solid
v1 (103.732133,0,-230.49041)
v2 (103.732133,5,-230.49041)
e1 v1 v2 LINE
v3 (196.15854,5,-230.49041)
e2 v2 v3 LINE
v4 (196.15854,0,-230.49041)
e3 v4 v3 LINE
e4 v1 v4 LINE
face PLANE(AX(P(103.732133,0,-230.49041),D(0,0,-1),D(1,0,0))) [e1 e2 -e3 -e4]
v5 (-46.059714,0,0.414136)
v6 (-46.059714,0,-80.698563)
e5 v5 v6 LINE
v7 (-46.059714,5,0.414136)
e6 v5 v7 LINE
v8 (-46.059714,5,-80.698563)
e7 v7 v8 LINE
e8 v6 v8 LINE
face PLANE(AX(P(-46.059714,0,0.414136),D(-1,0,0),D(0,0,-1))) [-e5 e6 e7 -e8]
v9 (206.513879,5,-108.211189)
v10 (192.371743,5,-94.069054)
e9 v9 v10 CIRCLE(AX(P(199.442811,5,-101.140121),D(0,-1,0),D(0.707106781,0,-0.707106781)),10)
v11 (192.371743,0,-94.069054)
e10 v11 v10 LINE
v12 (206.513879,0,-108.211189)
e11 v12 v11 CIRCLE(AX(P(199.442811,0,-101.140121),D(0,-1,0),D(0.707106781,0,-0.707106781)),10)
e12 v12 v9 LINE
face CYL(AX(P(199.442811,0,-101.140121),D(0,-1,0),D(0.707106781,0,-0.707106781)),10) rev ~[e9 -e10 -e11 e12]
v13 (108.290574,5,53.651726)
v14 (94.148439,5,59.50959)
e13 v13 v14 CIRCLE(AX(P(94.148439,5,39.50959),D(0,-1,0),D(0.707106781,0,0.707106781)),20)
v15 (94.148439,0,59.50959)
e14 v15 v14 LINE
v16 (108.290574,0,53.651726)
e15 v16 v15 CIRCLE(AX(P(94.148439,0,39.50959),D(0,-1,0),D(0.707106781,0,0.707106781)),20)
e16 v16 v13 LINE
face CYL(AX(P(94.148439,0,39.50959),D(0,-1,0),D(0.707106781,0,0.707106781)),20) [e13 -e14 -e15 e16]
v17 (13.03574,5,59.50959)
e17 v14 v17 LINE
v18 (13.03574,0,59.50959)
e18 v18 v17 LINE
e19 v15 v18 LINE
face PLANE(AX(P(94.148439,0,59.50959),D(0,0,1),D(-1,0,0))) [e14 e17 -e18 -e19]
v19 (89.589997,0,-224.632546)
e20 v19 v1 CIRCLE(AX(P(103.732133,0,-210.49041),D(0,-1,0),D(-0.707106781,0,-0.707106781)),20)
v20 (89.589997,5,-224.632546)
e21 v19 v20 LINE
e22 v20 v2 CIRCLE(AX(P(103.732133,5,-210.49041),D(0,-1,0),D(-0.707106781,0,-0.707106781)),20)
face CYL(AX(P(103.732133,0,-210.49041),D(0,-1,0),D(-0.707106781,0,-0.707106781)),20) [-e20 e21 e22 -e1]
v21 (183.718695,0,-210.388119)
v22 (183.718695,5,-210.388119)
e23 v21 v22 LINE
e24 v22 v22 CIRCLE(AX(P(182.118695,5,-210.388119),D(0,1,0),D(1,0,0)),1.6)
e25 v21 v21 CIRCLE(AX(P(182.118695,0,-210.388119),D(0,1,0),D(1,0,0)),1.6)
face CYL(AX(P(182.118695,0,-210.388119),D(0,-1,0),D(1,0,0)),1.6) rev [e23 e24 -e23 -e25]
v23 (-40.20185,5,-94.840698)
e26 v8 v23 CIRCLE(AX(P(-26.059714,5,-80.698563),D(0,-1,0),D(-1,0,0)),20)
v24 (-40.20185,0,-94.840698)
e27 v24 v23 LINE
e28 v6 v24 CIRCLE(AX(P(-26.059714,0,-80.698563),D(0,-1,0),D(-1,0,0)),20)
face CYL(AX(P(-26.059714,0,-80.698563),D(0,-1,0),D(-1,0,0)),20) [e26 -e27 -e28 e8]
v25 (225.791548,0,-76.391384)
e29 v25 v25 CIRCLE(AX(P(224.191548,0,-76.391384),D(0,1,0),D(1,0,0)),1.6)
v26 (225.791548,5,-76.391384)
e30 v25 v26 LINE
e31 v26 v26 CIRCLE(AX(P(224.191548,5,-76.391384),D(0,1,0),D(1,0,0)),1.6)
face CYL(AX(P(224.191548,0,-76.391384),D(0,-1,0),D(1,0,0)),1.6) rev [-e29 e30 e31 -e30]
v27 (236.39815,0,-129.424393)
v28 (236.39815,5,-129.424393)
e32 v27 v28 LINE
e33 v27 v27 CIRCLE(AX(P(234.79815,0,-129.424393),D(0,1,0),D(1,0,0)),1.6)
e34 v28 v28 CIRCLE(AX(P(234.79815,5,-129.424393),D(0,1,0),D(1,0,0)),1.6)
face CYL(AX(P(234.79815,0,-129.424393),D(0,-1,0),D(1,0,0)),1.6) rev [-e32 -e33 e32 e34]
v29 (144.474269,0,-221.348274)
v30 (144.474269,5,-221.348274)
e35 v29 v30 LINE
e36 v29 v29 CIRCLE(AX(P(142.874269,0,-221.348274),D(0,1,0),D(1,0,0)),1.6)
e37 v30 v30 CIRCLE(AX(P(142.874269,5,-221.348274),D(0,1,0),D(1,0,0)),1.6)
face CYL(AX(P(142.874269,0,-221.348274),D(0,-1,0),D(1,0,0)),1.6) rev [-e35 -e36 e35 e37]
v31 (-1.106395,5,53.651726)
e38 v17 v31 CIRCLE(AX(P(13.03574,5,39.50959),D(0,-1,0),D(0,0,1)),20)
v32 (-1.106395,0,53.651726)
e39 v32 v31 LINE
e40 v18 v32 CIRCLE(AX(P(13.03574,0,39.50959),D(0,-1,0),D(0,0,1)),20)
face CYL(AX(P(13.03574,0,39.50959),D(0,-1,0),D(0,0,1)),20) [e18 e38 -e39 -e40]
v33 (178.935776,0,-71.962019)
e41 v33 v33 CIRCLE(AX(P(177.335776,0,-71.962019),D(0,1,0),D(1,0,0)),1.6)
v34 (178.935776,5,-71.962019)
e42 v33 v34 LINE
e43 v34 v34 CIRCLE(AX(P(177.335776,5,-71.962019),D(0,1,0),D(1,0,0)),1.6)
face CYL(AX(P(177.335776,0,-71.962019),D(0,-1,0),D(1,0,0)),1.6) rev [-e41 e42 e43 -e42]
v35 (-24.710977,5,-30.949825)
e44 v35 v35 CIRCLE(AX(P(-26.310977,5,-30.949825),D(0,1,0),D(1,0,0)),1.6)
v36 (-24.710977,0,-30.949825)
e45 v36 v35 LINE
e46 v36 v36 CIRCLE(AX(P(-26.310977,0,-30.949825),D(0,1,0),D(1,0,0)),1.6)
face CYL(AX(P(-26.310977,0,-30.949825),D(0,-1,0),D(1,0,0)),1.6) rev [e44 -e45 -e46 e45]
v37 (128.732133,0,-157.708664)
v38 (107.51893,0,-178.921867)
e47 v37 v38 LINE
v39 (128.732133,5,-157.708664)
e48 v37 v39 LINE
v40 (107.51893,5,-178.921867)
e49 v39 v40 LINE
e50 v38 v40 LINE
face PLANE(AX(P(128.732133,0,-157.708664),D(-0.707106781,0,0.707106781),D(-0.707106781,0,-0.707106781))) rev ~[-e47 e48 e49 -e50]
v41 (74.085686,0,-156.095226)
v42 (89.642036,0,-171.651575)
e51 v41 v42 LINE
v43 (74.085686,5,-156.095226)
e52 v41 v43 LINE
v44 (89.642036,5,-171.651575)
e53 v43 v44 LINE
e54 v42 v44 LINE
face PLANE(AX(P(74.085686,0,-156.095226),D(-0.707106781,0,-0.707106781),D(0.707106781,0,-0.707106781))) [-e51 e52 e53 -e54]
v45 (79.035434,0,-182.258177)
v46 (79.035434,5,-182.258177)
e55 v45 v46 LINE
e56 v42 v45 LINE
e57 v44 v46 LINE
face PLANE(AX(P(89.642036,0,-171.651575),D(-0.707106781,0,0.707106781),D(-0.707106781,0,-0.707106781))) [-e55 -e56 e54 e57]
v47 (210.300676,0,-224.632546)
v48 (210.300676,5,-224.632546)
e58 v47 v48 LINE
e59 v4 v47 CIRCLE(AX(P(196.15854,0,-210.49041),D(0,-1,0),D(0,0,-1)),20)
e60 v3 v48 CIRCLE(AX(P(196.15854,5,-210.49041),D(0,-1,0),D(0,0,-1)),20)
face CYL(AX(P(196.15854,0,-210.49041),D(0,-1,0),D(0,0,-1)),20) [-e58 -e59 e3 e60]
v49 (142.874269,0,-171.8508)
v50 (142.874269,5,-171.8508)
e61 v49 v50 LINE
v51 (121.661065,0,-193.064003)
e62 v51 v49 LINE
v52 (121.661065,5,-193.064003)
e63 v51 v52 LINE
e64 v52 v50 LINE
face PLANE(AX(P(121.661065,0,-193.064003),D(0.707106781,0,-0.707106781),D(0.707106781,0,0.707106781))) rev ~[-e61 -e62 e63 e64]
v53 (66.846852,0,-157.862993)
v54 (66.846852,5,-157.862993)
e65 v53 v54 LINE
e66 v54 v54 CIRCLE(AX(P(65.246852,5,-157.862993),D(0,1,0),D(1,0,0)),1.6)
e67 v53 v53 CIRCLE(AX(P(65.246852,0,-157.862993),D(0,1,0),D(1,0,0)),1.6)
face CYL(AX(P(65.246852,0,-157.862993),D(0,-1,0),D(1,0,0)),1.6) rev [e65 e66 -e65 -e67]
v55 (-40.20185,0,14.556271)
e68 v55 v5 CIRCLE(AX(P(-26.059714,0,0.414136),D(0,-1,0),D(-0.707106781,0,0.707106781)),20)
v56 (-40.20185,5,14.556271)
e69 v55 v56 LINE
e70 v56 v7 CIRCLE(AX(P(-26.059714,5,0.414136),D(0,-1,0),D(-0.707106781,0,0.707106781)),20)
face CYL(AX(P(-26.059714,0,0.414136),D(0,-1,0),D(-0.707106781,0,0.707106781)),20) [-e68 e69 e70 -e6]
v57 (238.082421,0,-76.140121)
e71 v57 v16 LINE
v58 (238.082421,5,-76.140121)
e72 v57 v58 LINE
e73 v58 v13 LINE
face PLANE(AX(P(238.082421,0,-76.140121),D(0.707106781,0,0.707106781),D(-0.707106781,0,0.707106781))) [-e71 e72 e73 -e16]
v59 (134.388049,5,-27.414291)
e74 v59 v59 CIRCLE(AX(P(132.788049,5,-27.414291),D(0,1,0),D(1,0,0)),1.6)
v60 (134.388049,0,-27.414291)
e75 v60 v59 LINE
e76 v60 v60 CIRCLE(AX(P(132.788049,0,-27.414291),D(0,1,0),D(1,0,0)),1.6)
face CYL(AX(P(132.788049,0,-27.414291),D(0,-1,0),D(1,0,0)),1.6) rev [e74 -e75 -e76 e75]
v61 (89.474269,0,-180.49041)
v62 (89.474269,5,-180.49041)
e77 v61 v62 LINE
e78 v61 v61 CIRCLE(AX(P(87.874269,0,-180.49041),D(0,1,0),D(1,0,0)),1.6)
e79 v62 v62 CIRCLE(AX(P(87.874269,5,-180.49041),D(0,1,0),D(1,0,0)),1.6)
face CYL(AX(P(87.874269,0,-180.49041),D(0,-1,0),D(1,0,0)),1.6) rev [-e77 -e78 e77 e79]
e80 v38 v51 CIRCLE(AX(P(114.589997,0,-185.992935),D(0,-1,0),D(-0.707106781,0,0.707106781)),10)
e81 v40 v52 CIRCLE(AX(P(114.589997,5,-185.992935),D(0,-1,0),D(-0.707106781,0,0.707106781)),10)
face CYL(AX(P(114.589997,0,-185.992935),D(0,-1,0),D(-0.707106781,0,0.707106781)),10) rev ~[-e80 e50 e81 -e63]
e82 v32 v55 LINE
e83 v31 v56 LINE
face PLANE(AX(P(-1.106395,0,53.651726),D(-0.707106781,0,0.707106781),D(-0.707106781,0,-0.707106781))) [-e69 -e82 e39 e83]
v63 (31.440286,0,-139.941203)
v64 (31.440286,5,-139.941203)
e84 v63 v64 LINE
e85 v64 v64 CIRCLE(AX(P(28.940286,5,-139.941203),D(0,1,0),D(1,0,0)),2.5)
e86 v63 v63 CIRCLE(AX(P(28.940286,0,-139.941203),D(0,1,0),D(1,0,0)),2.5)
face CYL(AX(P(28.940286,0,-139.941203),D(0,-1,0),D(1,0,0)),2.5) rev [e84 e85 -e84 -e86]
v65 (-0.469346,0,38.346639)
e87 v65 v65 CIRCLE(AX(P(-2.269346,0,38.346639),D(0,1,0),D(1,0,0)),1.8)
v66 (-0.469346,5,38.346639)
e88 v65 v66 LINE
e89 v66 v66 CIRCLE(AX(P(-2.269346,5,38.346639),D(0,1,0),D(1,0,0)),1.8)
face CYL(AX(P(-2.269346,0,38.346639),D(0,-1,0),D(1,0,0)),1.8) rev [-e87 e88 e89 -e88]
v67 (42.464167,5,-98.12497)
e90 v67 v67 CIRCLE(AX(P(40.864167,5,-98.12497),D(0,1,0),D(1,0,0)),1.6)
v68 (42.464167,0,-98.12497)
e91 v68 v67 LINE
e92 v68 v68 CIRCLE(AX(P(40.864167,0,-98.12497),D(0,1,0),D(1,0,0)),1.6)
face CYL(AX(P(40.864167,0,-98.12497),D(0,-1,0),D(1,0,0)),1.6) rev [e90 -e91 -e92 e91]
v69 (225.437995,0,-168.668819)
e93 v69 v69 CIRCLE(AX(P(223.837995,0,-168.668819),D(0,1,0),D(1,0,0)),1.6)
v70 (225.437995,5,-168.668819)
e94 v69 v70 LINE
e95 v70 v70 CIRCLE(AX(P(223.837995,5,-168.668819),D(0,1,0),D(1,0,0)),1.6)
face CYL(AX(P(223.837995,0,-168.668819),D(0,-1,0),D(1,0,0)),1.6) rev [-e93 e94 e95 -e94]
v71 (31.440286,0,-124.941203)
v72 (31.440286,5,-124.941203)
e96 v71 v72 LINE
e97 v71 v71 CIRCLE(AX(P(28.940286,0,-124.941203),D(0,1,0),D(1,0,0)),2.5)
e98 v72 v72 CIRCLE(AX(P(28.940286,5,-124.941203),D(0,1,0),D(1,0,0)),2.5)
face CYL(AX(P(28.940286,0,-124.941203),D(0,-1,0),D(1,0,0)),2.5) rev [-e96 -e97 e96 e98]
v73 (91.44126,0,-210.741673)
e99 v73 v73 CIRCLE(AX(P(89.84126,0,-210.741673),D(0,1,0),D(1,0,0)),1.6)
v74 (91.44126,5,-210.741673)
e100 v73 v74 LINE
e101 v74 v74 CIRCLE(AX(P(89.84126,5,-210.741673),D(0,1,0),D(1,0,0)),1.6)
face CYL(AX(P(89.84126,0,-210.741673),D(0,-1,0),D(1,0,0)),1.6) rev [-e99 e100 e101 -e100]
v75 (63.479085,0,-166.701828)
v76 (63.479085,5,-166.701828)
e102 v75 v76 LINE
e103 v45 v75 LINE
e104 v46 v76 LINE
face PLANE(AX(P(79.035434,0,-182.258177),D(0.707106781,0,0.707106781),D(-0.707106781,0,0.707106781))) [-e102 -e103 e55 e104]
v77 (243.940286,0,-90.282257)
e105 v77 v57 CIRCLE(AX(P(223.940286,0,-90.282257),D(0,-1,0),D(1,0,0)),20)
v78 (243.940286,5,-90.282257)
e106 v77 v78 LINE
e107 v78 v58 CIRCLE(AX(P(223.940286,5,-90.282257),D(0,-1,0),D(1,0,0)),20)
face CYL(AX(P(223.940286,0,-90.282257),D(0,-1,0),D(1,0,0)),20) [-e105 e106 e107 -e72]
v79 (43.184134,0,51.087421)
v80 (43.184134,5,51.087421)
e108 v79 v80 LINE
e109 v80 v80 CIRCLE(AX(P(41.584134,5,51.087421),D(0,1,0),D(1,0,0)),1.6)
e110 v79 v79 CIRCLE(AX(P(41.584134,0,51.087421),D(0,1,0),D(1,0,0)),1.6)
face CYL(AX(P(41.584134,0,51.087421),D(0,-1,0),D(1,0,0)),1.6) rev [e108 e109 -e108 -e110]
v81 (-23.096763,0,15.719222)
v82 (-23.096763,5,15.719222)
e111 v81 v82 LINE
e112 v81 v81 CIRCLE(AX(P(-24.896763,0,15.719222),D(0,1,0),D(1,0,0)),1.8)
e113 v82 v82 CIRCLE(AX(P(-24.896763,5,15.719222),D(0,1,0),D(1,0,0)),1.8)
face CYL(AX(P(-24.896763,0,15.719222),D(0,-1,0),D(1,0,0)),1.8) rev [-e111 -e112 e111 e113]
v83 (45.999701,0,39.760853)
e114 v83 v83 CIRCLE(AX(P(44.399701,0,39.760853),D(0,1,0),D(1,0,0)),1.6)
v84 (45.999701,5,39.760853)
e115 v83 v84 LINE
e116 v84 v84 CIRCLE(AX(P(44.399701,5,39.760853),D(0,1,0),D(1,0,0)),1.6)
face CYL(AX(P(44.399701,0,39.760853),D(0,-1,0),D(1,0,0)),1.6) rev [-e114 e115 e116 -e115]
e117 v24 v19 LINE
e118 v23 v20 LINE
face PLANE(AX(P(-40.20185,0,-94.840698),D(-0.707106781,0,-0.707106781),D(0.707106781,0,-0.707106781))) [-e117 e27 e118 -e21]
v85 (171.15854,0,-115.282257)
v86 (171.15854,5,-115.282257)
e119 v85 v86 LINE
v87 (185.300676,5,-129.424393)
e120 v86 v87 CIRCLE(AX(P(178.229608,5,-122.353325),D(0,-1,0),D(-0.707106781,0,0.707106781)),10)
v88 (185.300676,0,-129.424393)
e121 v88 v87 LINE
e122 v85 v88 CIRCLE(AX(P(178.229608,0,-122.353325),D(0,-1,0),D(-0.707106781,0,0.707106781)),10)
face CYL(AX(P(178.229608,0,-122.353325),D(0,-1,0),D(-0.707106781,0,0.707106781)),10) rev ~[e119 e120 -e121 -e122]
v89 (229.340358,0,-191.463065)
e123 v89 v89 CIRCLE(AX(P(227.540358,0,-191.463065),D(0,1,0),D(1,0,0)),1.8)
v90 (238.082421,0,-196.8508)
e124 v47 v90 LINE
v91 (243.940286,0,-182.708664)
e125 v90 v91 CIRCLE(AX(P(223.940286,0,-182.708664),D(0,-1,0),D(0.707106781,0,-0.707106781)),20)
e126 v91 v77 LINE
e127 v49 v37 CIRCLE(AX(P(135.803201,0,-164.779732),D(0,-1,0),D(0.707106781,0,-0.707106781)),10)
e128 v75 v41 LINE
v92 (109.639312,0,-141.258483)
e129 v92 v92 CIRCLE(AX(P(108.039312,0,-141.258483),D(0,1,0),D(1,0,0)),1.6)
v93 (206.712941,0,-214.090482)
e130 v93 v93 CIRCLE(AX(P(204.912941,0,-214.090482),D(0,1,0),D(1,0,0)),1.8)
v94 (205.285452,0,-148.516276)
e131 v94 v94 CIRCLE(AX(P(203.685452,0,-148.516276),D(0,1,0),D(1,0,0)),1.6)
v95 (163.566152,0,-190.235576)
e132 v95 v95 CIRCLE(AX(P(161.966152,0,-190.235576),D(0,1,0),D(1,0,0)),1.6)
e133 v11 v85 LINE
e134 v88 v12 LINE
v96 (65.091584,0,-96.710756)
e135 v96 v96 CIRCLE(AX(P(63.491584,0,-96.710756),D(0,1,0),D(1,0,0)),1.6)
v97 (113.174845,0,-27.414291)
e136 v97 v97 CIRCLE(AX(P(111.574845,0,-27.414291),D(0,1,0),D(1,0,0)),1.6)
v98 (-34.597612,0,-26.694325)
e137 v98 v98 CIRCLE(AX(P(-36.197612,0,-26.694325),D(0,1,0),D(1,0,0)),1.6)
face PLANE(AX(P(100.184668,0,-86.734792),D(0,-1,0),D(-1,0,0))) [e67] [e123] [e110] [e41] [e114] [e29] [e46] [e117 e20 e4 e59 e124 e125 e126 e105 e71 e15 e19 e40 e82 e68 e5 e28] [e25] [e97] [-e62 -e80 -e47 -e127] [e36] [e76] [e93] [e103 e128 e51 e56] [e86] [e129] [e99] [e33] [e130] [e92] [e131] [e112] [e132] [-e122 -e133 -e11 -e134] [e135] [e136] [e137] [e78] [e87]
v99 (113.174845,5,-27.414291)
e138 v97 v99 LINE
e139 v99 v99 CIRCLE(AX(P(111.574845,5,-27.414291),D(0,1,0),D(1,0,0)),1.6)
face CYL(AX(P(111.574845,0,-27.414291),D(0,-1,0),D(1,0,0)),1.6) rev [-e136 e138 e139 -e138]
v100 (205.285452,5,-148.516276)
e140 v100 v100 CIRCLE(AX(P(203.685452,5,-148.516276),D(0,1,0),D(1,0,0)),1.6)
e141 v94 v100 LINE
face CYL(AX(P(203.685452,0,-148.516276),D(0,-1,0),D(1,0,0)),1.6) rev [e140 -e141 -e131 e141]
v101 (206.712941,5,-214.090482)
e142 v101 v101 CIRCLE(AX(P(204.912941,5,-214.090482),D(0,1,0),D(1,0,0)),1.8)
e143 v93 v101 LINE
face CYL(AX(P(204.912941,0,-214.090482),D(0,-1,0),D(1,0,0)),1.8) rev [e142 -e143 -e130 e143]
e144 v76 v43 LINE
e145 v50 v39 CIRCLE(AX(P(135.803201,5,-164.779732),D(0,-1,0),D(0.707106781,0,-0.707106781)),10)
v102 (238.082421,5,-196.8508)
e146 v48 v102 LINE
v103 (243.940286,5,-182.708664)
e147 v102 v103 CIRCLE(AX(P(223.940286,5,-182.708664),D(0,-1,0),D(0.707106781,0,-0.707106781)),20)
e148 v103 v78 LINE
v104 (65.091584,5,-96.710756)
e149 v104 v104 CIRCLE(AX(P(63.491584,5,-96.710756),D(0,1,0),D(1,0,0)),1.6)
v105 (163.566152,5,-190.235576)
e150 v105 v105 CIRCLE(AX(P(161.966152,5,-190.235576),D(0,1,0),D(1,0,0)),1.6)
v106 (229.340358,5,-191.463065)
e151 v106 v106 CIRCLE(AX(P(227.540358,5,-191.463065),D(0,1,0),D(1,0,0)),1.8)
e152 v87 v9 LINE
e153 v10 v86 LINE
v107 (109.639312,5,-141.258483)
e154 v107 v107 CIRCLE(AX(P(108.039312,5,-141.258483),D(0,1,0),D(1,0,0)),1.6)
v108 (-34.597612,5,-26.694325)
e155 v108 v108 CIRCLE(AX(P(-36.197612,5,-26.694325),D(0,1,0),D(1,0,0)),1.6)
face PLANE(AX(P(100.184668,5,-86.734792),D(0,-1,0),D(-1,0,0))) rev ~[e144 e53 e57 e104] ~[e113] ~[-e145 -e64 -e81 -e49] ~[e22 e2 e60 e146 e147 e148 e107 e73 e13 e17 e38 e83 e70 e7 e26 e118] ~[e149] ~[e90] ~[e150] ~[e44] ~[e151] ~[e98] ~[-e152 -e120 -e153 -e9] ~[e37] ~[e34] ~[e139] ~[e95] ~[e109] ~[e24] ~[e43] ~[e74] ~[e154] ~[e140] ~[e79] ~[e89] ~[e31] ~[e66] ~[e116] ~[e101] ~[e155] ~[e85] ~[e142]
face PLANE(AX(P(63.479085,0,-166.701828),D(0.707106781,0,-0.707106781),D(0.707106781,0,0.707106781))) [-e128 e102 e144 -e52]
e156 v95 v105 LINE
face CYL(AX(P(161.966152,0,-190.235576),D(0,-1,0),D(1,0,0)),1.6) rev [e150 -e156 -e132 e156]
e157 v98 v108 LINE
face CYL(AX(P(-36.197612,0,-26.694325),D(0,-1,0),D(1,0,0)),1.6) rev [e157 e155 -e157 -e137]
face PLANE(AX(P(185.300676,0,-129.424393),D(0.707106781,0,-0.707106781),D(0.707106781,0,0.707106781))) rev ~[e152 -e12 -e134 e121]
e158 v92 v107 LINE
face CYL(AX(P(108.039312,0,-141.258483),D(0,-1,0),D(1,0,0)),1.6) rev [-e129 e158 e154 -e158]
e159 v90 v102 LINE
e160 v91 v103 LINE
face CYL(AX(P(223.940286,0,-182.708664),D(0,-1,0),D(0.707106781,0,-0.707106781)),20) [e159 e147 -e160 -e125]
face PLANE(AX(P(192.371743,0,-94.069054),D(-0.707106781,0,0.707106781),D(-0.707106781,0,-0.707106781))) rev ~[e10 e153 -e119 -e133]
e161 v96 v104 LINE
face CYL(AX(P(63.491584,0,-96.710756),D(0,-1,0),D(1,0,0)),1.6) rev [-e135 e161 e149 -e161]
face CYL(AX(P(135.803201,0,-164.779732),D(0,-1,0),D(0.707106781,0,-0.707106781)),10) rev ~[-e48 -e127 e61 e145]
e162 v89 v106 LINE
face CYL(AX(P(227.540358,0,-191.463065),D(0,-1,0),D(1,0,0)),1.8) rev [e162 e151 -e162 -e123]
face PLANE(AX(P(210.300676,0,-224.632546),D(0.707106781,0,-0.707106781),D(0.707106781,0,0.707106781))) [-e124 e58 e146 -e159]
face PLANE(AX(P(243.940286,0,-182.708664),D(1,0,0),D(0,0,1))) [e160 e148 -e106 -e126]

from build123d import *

# Parameters (mm, degrees)
SKETCH1_R           = 1.8
SKETCH1_R_2         = 1.6
SKETCH1_R_3         = 2.5
BOSS_EXTRUDE1_DEPTH = 5


with BuildPart() as part:
    # Sketch1 → Boss-Extrude1 (new body)
    with BuildSketch(Plane(origin=(0, 0, 0), x_dir=(1, 0, 0), z_dir=(0, 1, 0))):
        with BuildLine():
            Line((-40.201849804, 94.840698314), (89.589997394, 224.632545513))
            ThreePointArc((89.589997394, 224.632545513), (96.07846437, 228.968000539), (103.732133018, 230.490409889))
            Line((103.732133018, 230.490409889), (196.158539889, 230.490409889))
            ThreePointArc((196.158539889, 230.490409889), (203.812208536, 228.968000539), (210.300675513, 224.632545513))
            Line((210.300675513, 224.632545513), (238.082421443, 196.850799582))
            ThreePointArc((238.082421443, 196.850799582), (242.41787647, 190.362332606), (243.940285819, 182.708663958))
            Line((243.940285819, 182.708663958), (243.940285819, 90.282257087))
            ThreePointArc((243.940285819, 90.282257087), (242.41787647, 82.62858844), (238.082421443, 76.140121463))
            Line((238.082421443, 76.140121463), (108.290574245, -53.651725735))
            ThreePointArc((108.290574245, -53.651725735), (101.802107268, -57.987180761), (94.148438621, -59.509590111))
            Line((94.148438621, -59.509590111), (13.035740249, -59.509590111))
            ThreePointArc((13.035740249, -59.509590111), (5.382071602, -57.987180761), (-1.106395375, -53.651725735))
            Line((-1.106395375, -53.651725735), (-40.201849804, -14.556271305))
            ThreePointArc((-40.201849804, -14.556271305), (-44.537304831, -8.067804329), (-46.059714181, -0.414135682))
            Line((-46.059714181, -0.414135682), (-46.059714181, 80.698562691))
            ThreePointArc((-46.059714181, 80.698562691), (-44.537304831, 88.352231338), (-40.201849804, 94.840698314))
        make_face()
        with Locations((-24.896763277, -15.719222209)):
            Circle(SKETCH1_R, mode=Mode.SUBTRACT)
        with Locations((-2.269346279, -38.346639207)):
            Circle(SKETCH1_R, mode=Mode.SUBTRACT)
        with Locations((204.912940609, 214.090481676)):
            Circle(SKETCH1_R, mode=Mode.SUBTRACT)
        with Locations((227.540357607, 191.463064678)):
            Circle(SKETCH1_R, mode=Mode.SUBTRACT)
        with Locations((-26.310976839, 30.949825349)):
            Circle(SKETCH1_R_2, mode=Mode.SUBTRACT)
        with Locations((44.39970128, -39.76085277)):
            Circle(SKETCH1_R_2, mode=Mode.SUBTRACT)
        with Locations((111.574845492, 27.414291443)):
            Circle(SKETCH1_R_2, mode=Mode.SUBTRACT)
        with Locations((40.864167374, 98.124969562)):
            Circle(SKETCH1_R_2, mode=Mode.SUBTRACT)
        with Locations((-36.197611828, 26.694324714)):
            Circle(SKETCH1_R_2, mode=Mode.SUBTRACT)
        with Locations((41.584134103, -51.087421217)):
            Circle(SKETCH1_R_2, mode=Mode.SUBTRACT)
        with Locations((63.491584372, 96.710755999)):
            Circle(SKETCH1_R_2, mode=Mode.SUBTRACT)
        with Locations((132.788048928, 27.414291443)):
            Circle(SKETCH1_R_2, mode=Mode.SUBTRACT)
        with Locations((177.335776143, 71.962018658)):
            Circle(SKETCH1_R_2, mode=Mode.SUBTRACT)
        with Locations((108.039311586, 141.258483214)):
            Circle(SKETCH1_R_2, mode=Mode.SUBTRACT)
        with Locations((161.966151733, 190.235575893)):
            Circle(SKETCH1_R_2, mode=Mode.SUBTRACT)
        with Locations((203.685451823, 148.516275803)):
            Circle(SKETCH1_R_2, mode=Mode.SUBTRACT)
        with Locations((223.837995087, 168.668819067)):
            Circle(SKETCH1_R_2, mode=Mode.SUBTRACT)
        with Locations((182.118694997, 210.388119157)):
            Circle(SKETCH1_R_2, mode=Mode.SUBTRACT)
        with Locations((89.841260052, 210.741672547)):
            Circle(SKETCH1_R_2, mode=Mode.SUBTRACT)
        with Locations((224.191548478, 76.391384122)):
            Circle(SKETCH1_R_2, mode=Mode.SUBTRACT)
        with Locations((65.246851643, 157.862992891)):
            Circle(SKETCH1_R_2, mode=Mode.SUBTRACT)
        with Locations((87.874268641, 180.490409889)):
            Circle(SKETCH1_R_2, mode=Mode.SUBTRACT)
        with Locations((142.874268641, 221.348274265)):
            Circle(SKETCH1_R_2, mode=Mode.SUBTRACT)
        with Locations((234.798150196, 129.424392711)):
            Circle(SKETCH1_R_2, mode=Mode.SUBTRACT)
        with Locations((28.940285819, 139.941203378)):
            Circle(SKETCH1_R_3, mode=Mode.SUBTRACT)
        with Locations((28.940285819, 124.941203378)):
            Circle(SKETCH1_R_3, mode=Mode.SUBTRACT)
        with BuildLine():
            Line((121.661065206, 193.064003018), (142.874268641, 171.850799582))
            ThreePointArc((142.874268641, 171.850799582), (142.874268641, 157.708663958), (128.732133018, 157.708663958))
            Line((128.732133018, 157.708663958), (107.518929582, 178.921867394))
            ThreePointArc((107.518929582, 178.921867394), (107.518929582, 193.064003018), (121.661065206, 193.064003018))
        make_face(mode=Mode.SUBTRACT)
        with BuildLine():
            Line((185.300675513, 129.424392711), (206.513878948, 108.211189275))
            ThreePointArc((206.513878948, 108.211189275), (206.513878948, 94.069053651), (192.371743324, 94.069053651))
            Line((192.371743324, 94.069053651), (171.158539889, 115.282257087))
            ThreePointArc((171.158539889, 115.282257087), (171.158539889, 129.424392711), (185.300675513, 129.424392711))
        make_face(mode=Mode.SUBTRACT)
        Polygon((63.47908469, 166.701827656), (74.085686408, 156.095225938), (89.642035594, 171.651575124), (79.035433877, 182.258176842), align=None, mode=Mode.SUBTRACT)
    extrude(amount=BOSS_EXTRUDE1_DEPTH)


solid = part.part
